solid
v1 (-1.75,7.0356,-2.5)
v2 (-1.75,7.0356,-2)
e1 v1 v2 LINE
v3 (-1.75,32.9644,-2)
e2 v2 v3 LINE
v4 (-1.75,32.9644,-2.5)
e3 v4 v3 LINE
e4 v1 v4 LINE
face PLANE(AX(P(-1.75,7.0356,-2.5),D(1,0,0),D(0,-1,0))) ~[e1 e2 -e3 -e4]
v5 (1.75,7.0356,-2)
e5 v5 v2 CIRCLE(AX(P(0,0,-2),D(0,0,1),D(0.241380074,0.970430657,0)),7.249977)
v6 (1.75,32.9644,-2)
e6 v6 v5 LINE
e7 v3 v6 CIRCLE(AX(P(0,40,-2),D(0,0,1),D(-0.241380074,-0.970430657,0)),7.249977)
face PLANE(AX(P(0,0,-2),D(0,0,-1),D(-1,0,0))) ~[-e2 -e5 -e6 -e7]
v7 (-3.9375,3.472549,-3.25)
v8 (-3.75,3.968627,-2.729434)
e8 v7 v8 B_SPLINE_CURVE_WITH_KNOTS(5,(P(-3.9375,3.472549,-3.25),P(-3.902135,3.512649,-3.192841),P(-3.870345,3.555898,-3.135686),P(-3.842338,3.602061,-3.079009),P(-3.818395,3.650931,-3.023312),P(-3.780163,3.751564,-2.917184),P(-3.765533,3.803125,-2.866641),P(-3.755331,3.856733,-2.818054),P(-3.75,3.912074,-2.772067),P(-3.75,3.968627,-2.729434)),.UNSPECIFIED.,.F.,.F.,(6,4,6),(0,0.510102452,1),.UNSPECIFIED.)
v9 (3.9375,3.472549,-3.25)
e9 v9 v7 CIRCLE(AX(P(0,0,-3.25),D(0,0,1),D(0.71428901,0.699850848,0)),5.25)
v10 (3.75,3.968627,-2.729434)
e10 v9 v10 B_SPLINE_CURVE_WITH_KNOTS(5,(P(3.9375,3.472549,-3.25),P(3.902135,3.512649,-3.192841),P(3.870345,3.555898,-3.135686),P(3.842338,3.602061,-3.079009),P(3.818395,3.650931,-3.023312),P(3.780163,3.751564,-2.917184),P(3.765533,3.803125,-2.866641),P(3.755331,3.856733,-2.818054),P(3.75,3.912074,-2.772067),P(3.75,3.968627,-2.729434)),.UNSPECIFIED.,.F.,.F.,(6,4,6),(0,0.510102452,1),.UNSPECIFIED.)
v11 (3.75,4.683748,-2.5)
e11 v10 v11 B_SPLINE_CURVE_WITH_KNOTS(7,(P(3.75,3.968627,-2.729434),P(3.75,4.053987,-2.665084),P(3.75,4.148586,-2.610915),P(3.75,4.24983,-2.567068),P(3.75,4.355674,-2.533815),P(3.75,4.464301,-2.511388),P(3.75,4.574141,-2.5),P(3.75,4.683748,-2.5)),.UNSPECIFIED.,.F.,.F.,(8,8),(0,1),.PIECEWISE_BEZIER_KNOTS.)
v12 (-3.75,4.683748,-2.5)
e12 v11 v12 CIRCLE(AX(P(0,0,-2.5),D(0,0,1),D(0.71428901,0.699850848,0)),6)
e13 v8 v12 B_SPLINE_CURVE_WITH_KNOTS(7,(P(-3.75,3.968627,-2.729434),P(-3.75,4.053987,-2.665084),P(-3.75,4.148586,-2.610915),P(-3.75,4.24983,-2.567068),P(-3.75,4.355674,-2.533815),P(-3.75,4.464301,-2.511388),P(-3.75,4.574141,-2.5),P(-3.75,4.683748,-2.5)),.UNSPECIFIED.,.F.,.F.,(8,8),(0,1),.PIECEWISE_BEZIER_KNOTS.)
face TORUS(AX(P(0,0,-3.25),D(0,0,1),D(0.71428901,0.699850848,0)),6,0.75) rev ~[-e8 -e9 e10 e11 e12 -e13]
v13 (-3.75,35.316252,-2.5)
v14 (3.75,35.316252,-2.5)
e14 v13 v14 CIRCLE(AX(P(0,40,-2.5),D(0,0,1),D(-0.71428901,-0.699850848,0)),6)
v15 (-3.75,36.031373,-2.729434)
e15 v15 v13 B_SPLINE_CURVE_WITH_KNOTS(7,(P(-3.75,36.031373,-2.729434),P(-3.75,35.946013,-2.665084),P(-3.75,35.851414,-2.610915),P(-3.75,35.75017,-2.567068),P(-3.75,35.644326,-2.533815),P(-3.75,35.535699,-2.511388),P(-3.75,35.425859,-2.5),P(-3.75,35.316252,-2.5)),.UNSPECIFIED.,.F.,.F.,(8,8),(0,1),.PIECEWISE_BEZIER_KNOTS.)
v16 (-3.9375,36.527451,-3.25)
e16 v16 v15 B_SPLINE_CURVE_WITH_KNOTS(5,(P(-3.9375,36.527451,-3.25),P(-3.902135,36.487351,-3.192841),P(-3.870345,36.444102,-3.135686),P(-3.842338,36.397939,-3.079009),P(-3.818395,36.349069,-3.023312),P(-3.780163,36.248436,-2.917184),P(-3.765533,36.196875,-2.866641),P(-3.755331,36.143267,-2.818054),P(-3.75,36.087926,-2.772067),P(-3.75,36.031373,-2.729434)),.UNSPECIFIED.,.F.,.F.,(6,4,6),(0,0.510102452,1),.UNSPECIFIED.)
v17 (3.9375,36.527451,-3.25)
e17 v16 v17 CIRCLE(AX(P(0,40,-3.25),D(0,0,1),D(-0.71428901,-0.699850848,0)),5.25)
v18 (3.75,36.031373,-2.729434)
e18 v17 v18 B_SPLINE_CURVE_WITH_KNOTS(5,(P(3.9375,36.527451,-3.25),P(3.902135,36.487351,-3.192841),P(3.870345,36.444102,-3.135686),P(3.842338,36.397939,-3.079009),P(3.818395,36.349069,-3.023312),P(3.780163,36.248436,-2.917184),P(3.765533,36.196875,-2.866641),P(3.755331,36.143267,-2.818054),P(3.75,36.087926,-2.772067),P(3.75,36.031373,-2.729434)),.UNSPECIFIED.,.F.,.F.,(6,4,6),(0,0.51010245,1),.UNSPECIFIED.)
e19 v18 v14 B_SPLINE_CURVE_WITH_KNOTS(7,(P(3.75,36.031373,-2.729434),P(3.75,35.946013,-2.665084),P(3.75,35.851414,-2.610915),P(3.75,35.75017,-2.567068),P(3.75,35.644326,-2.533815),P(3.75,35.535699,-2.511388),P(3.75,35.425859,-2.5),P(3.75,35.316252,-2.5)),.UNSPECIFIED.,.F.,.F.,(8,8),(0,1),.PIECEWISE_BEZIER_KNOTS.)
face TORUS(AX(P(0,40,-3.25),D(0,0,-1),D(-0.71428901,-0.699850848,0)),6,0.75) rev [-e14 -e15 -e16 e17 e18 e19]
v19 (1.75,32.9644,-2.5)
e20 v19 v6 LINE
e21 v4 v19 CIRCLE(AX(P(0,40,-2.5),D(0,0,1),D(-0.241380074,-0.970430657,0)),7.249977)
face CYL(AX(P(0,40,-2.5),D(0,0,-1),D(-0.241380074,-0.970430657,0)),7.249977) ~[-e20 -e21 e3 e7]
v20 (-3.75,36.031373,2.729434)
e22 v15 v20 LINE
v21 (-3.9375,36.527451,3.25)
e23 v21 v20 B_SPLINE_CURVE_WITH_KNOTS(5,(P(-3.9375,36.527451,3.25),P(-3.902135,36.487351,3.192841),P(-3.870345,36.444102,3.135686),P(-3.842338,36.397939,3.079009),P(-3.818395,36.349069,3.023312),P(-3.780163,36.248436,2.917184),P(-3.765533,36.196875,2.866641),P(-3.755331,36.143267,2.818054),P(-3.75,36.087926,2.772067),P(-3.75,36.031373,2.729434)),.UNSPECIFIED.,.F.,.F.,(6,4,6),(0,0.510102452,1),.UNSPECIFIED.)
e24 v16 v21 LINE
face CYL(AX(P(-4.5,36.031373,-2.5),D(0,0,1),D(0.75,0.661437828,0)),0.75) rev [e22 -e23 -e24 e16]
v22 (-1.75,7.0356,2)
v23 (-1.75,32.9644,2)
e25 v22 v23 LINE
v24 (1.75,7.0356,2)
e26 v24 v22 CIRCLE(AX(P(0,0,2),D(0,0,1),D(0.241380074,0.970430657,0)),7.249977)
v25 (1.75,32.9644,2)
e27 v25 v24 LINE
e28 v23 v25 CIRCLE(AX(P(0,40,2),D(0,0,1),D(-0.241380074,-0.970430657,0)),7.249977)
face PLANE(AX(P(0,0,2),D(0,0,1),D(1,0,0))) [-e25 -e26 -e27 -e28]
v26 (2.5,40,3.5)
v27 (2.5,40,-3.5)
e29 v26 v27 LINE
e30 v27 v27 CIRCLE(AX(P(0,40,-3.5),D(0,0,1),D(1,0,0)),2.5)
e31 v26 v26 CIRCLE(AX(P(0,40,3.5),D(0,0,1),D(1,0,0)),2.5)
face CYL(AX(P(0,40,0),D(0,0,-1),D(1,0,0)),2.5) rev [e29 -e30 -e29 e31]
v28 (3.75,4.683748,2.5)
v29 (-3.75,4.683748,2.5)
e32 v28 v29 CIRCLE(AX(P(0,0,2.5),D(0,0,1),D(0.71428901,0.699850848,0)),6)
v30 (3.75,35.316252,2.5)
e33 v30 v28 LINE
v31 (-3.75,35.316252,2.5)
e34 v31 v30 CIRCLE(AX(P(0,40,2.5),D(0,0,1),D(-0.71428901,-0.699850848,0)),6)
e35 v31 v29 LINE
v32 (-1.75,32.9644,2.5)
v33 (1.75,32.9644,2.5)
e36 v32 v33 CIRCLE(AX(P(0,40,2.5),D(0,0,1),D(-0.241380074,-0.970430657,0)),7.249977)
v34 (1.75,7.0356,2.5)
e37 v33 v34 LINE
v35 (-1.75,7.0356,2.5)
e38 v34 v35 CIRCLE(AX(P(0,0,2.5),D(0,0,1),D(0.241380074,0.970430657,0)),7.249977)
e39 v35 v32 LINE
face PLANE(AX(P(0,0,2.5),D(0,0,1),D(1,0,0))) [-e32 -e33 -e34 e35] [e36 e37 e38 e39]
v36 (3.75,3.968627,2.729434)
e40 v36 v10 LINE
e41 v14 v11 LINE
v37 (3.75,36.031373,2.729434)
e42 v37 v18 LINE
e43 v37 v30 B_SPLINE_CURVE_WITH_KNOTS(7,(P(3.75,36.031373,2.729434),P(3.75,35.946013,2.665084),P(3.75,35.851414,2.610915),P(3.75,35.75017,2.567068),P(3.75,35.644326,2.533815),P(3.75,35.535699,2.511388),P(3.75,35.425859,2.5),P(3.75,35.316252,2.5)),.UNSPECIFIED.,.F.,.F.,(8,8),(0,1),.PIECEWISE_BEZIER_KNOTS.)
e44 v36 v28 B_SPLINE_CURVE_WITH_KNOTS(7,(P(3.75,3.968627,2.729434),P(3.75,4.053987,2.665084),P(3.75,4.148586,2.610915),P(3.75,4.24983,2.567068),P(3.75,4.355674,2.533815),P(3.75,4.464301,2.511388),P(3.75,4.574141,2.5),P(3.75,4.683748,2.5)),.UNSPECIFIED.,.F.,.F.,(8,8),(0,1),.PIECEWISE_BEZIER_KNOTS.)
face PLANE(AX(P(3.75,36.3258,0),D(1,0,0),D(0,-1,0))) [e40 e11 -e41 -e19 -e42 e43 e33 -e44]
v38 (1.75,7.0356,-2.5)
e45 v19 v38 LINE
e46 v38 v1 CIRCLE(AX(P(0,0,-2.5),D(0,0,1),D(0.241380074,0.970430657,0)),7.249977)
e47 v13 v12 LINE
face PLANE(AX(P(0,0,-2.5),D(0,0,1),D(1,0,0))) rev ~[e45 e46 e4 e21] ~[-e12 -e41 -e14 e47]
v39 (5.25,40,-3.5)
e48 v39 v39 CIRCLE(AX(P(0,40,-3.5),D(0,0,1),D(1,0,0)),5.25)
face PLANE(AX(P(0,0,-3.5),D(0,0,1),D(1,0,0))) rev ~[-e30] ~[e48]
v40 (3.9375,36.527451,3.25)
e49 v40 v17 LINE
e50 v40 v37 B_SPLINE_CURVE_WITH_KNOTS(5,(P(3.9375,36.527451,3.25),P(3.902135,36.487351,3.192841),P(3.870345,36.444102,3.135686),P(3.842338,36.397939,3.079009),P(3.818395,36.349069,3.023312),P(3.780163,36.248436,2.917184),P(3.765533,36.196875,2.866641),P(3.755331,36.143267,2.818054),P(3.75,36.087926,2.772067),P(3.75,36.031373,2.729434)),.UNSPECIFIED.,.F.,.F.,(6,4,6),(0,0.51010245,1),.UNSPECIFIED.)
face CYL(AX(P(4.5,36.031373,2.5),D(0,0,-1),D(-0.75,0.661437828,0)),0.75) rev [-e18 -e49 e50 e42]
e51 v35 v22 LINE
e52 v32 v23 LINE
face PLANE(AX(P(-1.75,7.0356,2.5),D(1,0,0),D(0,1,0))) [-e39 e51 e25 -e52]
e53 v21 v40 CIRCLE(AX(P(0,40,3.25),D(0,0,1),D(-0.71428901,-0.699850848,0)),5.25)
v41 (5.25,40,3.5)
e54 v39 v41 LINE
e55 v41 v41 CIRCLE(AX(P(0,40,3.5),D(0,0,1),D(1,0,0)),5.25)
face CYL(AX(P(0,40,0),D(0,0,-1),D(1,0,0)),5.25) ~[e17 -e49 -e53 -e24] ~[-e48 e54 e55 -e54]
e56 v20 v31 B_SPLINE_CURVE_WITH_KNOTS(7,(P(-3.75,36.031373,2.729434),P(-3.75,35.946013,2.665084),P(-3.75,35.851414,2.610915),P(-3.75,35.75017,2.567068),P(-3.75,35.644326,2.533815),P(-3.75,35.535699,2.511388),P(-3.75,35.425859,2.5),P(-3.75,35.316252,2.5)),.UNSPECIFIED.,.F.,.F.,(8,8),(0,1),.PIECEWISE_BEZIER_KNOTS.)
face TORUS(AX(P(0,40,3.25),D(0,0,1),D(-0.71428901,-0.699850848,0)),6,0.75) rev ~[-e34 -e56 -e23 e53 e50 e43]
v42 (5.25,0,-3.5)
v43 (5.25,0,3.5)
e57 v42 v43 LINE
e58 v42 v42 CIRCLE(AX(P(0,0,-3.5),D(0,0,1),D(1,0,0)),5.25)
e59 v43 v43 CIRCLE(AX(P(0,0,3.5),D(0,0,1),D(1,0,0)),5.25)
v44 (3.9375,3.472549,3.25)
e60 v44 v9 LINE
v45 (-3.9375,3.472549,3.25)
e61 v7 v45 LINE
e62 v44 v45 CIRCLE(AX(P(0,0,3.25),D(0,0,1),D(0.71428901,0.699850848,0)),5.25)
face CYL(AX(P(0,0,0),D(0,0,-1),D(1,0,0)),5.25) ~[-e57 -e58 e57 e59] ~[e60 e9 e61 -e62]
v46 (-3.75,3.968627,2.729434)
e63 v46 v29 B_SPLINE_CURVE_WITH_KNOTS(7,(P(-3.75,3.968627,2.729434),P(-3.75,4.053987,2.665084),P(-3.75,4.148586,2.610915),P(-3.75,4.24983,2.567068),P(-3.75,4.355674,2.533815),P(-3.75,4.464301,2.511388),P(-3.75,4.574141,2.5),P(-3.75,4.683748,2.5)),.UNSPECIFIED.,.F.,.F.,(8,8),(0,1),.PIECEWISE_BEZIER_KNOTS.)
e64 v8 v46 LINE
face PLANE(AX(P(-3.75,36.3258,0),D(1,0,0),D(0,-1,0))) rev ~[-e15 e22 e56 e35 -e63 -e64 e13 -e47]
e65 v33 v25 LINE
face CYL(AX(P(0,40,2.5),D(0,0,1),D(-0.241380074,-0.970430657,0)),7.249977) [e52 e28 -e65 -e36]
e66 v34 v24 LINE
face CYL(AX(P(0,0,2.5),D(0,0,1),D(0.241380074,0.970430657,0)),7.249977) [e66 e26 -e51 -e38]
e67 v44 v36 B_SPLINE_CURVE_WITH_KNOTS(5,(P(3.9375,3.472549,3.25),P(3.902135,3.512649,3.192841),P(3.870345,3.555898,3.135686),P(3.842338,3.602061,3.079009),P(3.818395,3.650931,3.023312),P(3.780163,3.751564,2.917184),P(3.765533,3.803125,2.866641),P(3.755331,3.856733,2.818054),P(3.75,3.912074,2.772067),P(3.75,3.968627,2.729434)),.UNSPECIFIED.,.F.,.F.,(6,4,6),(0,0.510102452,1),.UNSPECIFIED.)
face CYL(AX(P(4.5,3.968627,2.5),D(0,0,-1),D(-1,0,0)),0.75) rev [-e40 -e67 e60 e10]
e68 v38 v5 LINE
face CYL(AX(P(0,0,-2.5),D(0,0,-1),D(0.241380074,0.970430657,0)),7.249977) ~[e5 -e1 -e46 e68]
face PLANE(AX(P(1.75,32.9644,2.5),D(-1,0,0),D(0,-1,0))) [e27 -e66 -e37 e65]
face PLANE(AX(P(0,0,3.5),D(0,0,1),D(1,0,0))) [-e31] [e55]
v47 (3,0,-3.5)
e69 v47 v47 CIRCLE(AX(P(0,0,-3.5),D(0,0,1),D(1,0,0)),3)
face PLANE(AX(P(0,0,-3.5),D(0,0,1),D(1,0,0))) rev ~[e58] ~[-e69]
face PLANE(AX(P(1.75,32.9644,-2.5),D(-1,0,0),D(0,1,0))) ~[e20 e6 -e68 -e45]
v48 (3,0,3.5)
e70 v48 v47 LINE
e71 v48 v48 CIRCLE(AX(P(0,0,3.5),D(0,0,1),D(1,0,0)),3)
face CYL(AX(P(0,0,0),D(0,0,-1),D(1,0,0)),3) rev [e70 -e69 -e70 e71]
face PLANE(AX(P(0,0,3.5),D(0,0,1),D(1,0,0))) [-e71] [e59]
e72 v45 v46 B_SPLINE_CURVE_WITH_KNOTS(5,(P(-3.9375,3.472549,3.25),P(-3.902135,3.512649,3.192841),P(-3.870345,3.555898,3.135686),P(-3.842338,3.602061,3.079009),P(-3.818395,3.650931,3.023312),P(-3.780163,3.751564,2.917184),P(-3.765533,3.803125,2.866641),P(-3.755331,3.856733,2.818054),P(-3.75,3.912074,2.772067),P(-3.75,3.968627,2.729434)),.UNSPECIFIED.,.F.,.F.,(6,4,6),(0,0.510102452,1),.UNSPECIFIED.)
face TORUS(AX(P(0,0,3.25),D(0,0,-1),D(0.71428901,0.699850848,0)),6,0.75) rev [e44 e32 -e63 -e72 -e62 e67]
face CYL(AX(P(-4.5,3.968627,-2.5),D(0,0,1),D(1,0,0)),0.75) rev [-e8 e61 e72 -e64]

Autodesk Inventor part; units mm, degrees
ref_plane "YZ Plane" through (0, 0, 0) normal (1, 0, 0) x (0, 1, 0)
ref_plane "XZ Plane" through (0, 0, 0) normal (0, 1, 0) x (-1, 0, 0)
ref_plane "XY Plane" through (0, 0, 0) normal (0, 0, 1) x (1, 0, 0)
sketch "Sketch1" plane through (0, 0, 0) normal (0, 0, 1) x (1, 0, 0)
  line L0 (0, 0) -> (0, 40) construction
  circle A0 centre (0, 40) radius 2.5
  circle A1 centre (0, 40) radius 5.25
  circle A2 centre (0, 0) radius 3
  circle A3 centre (0, 0) radius 5.25
  dimension "d0" = 40
  dimension "d1" = 5
  dimension "d2" = 10.5
  dimension "d3" = 6
  dimension "d4" = 10.5
extrude "Extrusion1" add sketch "Sketch1" along normal mid plane 7
sketch "Sketch2" plane through (0, 0, 0) normal (0, 0, 1) x (1, 0, 0)
  circle A0 centre (0, 40) radius 2.5 projected
  circle A1 centre (0, 40) radius 5.25 projected
  circle A2 centre (0, 0) radius 3 projected
  circle A3 centre (0, 0) radius 5.25 projected
  circle A4 centre (0, 0) radius 3 projected
  line L0 (0, 40) -> (0, 0) construction
  line L1 (-3.75, 36.3258) -> (-3.75, 3.6742)
  line L2 (3.75, 36.3258) -> (3.75, 3.6742)
  point P0 (-3.75, 40)
  point P1 (-3.75, 0)
  point P2 (3.75, 40)
  point P3 (3.75, 0)
  dimension "d7" = 3.75
extrude "Extrusion2" add sketch "Sketch2" along normal mid plane 5 contours A1 L2 A3 L1
sketch "Sketch3" plane through (0, 0, 2.5) normal (0, 0, 1) x (1, 0, 0)
  line L0 (-3.75, 36.3258) -> (-3.75, 3.6742) projected
  line L1 (-3.75, 36.3258) -> (-3.75, 3.6742) projected
  arc A0 (3.75, 3.6742) -> (-3.75, 3.6742) centre (0, 0) ccw projected
  line L2 (3.75, 3.6742) -> (3.75, 36.3258) projected
  arc A1 (-3.75, 36.3258) -> (3.75, 36.3258) centre (0, 40) ccw projected
  line L3 (1.75, 32.9644) -> (1.75, 7.0356)
  arc A2 (1.75, 7.0356) -> (-1.75, 7.0356) centre (0, 0) ccw
  line L4 (-1.75, 7.0356) -> (-1.75, 32.9644)
  arc A3 (-1.75, 32.9644) -> (1.75, 32.9644) centre (0, 40) ccw
  dimension "d10" = 2
extrude "Extrusion3" cut sketch "Sketch3" against normal blind 0.5 contours L3 A2 L4 A3
mirror "Mirror1" about plane through (0, 0, 0) normal (0, 0, 1) of "Extrusion3"
fillet "Fillet1" radius 0.75 8 edges at (0, 34.75, 2.5) (3.75, 36.3258, 0) (0, 34.75, -2.5) (-3.75, 36.3258, 0) (3.75, 3.6742, 0) (0, 5.25, -2.5) (-3.75, 3.6742, 0) (0, 5.25, 2.5)
properties part number "Component 6 (Connecting Rod)"
